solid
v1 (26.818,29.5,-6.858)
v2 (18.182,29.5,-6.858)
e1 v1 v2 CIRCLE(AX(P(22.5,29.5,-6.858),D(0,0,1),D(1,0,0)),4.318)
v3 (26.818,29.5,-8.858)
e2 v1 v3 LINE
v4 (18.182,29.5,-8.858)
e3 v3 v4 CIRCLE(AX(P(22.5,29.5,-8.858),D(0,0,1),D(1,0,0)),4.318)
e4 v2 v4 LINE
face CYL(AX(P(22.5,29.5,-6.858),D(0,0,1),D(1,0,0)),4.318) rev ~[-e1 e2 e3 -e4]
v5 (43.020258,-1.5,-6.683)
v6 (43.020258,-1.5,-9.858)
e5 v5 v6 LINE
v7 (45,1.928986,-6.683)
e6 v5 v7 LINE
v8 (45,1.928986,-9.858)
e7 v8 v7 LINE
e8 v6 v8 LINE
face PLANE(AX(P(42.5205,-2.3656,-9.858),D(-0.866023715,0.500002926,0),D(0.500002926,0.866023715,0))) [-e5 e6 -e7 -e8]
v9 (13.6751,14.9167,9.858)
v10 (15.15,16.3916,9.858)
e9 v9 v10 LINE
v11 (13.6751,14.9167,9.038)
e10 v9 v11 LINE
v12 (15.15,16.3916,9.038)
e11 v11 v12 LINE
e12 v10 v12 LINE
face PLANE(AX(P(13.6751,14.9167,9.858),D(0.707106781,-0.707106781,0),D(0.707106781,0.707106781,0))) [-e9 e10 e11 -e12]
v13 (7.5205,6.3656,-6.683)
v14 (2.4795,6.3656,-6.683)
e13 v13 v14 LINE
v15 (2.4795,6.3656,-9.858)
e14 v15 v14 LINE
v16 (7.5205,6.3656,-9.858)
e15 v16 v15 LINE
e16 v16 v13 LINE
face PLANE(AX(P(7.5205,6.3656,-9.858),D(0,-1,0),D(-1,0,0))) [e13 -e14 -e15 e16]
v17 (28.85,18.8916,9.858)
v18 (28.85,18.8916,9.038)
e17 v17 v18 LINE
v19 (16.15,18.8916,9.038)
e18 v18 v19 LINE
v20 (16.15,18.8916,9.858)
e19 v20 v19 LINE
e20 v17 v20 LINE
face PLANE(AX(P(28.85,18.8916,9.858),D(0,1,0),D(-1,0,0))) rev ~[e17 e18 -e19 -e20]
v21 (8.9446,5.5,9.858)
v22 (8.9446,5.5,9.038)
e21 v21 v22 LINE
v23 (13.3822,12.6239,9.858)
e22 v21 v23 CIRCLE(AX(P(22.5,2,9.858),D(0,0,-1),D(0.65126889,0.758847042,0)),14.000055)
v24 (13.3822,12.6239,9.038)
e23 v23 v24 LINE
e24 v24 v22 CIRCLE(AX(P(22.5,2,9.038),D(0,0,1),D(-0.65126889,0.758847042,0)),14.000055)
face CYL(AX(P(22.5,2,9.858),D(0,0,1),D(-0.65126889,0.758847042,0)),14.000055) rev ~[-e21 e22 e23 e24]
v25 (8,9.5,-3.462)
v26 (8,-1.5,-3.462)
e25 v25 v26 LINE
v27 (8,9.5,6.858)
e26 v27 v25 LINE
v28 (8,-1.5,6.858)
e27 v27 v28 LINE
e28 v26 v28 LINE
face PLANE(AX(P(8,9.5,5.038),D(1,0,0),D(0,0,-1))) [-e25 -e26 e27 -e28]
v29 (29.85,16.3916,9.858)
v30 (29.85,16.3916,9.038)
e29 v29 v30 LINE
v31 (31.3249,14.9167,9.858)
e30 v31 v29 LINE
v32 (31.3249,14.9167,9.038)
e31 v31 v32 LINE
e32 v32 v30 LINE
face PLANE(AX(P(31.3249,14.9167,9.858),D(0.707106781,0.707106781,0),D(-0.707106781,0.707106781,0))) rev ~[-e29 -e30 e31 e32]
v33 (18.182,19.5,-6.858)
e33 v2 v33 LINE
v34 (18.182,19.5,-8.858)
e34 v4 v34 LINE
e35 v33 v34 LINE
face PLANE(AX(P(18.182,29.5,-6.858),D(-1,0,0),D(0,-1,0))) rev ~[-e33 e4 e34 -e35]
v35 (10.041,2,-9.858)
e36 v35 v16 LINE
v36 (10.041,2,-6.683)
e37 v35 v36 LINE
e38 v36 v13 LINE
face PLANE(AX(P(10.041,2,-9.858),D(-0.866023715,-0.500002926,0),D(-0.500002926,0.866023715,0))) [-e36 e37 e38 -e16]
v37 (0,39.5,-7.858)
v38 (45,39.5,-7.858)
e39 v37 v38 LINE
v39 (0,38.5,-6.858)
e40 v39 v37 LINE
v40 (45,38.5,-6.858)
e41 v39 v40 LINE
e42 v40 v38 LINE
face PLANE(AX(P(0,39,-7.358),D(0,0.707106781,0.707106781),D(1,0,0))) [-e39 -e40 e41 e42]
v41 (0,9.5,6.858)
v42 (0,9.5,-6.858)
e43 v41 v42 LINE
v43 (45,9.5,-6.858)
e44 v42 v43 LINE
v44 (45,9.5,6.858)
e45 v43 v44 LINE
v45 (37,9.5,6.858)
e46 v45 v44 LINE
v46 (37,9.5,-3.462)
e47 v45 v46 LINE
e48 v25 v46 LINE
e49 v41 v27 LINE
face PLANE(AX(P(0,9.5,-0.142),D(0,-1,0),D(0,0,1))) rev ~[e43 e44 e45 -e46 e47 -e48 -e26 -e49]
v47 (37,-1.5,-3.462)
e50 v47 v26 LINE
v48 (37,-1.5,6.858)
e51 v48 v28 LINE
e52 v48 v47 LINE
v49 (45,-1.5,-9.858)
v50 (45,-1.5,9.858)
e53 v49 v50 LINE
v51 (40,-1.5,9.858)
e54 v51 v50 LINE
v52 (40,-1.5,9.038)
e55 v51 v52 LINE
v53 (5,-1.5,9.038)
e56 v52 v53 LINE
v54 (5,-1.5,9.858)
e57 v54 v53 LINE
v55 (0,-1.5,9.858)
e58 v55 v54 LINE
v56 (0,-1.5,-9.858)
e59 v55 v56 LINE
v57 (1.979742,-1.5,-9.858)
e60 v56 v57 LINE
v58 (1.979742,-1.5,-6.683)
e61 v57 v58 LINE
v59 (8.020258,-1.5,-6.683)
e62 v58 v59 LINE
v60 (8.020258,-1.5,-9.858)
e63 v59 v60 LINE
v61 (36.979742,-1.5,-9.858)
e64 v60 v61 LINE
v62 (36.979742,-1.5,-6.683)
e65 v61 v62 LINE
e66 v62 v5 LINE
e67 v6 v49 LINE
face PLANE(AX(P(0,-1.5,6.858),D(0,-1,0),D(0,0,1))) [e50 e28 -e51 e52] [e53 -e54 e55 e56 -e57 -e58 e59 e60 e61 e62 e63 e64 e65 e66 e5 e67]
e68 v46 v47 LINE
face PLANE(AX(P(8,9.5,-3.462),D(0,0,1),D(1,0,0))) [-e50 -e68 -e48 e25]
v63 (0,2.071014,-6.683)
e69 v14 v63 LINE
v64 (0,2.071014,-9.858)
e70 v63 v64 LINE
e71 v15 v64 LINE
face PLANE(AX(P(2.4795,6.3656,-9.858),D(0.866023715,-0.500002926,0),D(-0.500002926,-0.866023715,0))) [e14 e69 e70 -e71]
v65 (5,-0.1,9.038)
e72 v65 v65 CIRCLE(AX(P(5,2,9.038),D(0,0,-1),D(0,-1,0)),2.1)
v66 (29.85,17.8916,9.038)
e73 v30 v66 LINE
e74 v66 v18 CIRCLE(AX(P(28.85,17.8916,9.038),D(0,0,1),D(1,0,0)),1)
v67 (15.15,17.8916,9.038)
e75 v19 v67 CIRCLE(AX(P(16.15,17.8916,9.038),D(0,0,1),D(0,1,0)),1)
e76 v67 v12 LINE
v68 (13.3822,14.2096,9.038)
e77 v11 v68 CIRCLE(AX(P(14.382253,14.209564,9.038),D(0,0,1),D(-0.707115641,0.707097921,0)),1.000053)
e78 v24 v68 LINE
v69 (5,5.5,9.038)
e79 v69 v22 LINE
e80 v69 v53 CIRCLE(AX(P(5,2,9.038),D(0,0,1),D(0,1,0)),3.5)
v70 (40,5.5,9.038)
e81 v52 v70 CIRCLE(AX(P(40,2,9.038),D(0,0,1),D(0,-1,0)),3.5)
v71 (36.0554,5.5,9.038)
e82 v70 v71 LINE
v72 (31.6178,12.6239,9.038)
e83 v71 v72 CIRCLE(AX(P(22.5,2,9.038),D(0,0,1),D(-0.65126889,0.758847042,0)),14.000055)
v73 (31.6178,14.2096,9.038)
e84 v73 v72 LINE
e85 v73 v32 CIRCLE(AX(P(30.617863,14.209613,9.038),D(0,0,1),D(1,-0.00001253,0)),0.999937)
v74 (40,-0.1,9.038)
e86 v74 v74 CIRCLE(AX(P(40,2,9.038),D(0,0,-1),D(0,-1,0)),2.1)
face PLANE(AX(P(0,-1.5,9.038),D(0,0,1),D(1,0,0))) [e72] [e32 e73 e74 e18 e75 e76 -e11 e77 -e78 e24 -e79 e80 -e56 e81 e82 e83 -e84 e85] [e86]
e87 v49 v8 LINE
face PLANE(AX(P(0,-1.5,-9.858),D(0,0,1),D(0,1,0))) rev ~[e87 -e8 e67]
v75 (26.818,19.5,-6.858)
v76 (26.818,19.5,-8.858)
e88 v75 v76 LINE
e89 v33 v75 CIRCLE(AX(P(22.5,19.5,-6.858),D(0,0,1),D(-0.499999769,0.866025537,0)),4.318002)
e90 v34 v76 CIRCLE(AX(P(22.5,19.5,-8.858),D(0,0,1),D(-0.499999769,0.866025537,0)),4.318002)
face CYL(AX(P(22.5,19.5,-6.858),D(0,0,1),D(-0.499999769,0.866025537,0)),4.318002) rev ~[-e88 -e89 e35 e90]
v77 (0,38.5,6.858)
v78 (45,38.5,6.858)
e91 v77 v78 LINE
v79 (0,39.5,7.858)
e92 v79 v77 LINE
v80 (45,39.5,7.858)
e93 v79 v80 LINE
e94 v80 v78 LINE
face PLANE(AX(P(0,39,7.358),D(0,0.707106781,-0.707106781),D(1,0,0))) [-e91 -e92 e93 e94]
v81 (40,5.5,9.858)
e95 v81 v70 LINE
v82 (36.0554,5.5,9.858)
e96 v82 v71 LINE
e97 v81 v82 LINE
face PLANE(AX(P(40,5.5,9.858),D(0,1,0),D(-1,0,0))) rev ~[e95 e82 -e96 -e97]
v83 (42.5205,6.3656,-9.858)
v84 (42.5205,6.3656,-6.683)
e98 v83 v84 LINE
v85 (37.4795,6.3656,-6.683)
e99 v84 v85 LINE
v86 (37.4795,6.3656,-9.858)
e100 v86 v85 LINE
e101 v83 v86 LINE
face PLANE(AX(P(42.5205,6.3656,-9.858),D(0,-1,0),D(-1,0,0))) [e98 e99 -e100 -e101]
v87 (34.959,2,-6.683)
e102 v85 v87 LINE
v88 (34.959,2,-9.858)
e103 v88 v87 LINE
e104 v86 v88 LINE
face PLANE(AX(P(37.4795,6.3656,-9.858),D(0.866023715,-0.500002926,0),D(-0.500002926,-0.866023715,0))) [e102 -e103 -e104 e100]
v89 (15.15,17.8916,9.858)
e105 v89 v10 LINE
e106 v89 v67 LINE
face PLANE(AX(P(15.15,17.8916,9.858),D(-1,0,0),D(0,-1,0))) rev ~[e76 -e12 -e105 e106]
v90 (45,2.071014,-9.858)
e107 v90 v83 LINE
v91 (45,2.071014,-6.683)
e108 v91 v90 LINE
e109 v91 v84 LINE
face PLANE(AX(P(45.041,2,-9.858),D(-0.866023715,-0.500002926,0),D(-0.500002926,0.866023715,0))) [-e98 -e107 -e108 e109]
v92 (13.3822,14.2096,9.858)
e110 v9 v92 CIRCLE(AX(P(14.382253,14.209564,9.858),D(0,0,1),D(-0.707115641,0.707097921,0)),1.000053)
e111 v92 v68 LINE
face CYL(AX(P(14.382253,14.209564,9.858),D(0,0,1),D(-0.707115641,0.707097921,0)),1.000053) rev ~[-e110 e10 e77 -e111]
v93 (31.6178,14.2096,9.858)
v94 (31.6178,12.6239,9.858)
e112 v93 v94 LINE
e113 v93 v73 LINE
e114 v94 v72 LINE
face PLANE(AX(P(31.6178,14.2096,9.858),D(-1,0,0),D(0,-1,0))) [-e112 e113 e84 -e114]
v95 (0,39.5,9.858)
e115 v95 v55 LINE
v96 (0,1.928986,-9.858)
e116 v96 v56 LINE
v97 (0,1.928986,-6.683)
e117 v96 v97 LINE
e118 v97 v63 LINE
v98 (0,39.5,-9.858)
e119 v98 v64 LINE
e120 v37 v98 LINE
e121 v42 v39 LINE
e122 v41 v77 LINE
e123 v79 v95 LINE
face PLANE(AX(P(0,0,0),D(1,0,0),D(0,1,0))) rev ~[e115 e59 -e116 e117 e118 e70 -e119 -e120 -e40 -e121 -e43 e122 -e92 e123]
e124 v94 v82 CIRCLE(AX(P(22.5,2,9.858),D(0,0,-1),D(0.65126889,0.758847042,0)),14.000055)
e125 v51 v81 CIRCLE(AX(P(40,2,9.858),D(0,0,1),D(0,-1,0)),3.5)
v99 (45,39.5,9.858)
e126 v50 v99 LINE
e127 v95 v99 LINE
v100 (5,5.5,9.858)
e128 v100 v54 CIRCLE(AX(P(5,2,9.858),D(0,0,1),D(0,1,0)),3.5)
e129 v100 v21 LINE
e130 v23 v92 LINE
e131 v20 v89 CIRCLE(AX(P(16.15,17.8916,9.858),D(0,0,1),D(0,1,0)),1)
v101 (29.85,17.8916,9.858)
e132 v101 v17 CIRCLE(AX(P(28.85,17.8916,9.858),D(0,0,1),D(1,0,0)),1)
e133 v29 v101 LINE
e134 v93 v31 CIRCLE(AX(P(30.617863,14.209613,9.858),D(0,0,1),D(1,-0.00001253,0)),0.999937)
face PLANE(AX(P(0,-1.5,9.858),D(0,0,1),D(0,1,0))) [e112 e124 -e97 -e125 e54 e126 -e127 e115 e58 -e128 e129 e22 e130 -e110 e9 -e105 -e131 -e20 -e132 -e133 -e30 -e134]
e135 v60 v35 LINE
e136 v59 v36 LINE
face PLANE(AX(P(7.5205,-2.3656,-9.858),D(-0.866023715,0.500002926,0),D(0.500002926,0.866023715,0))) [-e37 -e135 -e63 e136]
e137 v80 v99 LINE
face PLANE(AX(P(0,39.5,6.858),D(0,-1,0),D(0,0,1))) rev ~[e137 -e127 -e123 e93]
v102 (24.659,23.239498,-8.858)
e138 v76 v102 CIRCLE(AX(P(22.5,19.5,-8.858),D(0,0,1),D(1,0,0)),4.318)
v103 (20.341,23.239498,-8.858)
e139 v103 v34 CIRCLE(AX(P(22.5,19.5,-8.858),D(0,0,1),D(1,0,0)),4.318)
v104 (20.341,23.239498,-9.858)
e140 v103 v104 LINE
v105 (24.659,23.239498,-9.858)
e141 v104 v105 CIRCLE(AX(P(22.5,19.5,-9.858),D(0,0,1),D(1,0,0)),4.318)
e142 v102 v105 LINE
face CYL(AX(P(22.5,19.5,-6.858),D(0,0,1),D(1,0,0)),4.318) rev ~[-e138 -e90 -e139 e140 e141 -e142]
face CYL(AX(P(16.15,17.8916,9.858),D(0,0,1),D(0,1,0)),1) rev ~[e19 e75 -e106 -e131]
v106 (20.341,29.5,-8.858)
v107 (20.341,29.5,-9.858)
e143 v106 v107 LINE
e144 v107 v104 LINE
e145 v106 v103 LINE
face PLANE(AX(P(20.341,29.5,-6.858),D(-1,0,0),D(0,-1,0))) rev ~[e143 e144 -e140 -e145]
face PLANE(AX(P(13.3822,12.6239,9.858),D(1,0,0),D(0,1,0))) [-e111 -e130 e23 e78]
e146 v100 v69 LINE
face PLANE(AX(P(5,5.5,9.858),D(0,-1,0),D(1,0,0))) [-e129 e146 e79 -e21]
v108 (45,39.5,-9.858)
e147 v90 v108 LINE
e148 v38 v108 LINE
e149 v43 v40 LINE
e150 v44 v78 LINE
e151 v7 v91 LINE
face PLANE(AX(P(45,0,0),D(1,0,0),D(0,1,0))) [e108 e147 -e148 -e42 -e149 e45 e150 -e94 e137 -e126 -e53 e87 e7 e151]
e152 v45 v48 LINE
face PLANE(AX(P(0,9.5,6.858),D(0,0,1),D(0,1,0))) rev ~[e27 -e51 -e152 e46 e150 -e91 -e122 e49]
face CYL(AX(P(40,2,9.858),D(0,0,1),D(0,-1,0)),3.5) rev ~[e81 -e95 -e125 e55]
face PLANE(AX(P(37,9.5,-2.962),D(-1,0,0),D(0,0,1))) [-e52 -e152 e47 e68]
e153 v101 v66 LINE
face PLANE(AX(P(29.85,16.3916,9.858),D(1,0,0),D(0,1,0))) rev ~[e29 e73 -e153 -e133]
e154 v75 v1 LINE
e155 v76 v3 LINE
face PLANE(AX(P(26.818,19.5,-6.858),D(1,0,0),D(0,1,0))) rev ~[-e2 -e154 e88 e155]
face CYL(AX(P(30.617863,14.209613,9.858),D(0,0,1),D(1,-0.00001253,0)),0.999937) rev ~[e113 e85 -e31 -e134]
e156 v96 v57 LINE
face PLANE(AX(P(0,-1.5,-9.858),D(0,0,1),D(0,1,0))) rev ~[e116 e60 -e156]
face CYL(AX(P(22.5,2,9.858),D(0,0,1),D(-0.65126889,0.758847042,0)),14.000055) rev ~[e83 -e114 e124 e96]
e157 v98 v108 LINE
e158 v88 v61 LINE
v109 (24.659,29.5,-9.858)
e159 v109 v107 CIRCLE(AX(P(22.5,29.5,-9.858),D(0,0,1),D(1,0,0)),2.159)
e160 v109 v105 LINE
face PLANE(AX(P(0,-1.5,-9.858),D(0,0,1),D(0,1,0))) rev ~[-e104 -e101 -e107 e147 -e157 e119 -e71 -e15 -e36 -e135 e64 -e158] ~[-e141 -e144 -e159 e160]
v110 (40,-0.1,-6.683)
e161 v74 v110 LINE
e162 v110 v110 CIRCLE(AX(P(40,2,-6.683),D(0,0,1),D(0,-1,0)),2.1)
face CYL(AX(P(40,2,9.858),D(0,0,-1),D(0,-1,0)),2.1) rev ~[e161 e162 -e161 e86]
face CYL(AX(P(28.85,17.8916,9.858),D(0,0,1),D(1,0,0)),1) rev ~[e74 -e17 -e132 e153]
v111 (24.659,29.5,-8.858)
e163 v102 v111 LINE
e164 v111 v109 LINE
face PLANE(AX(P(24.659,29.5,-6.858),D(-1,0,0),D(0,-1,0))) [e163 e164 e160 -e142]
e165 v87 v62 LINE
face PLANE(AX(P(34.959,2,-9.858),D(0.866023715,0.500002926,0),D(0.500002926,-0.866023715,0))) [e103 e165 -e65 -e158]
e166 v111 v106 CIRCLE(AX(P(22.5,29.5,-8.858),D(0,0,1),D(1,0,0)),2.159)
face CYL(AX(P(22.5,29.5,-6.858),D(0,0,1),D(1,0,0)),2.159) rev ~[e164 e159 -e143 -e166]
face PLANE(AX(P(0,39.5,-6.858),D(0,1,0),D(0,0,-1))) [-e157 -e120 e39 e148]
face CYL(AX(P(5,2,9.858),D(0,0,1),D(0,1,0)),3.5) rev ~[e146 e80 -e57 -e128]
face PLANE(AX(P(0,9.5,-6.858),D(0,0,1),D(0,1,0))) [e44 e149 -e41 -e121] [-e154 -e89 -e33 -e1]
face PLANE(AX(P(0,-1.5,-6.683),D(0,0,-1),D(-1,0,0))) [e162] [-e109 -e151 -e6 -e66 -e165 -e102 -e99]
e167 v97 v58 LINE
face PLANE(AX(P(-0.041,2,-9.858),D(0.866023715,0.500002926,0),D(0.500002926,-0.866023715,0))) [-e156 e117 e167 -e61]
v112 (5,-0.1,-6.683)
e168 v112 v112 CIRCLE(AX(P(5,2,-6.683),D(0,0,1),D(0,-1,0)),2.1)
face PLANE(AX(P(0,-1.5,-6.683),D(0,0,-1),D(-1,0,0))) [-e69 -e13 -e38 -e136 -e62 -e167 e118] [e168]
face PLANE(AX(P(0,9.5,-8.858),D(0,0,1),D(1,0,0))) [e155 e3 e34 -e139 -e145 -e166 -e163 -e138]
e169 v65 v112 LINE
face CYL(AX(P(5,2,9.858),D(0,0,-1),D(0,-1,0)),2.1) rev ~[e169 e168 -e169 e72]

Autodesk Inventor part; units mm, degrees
ref_plane "YZ Plane" through (0, 0, 0) normal (1, 0, 0) x (0, 1, 0)
ref_plane "XZ Plane" through (0, 0, 0) normal (0, 1, 0) x (-1, 0, 0)
ref_plane "XY Plane" through (0, 0, 0) normal (0, 0, 1) x (1, 0, 0)
sketch "Sketch1" plane through (0, 0, 0) normal (1, 0, 0) x (0, 1, 0)
  line L0 (-1.5, 6.858) -> (1.5, 6.858)
  line L1 (1.5, 6.858) -> (1.5, -6.858)
  line L2 (1.5, -6.858) -> (-1.5, -6.858)
  line L3 (-1.5, -6.858) -> (-1.5, 6.858)
  line L4 (-1.5, 6.858) -> (1.5, -6.858) construction
  line L5 (1.5, 6.858) -> (-1.5, -6.858) construction
  line L6 (1.5, 6.858) -> (39.5, 6.858)
  line L7 (39.5, 6.858) -> (39.5, 9.858)
  line L8 (39.5, 9.858) -> (1.5, 9.858)
  line L9 (1.5, 9.858) -> (1.5, 6.858)
  line L10 (1.5, -6.858) -> (39.5, -6.858)
  line L11 (39.5, -6.858) -> (39.5, -9.858)
  line L12 (39.5, -9.858) -> (1.5, -9.858)
  line L13 (1.5, -9.858) -> (1.5, -6.858)
  line L14 (9.5, 6.858) -> (1.5, 6.858)
  line L15 (1.5, 6.858) -> (1.5, -0.142)
  line L16 (1.5, -0.142) -> (9.5, -0.142)
  line L17 (9.5, -0.142) -> (9.5, 6.858)
  line L18 (9.5, -6.858) -> (1.5, -6.858)
  line L19 (1.5, -6.858) -> (1.5, -0.142)
  line L20 (1.5, -0.142) -> (9.5, -0.142)
  line L21 (9.5, -0.142) -> (9.5, -6.858)
  line L22 (9.5, -0.142) -> (1.5, -0.142)
  line L23 (1.5, 6.858) -> (-1.5, 6.858)
  line L24 (-1.5, 6.858) -> (-1.5, 9.858)
  line L25 (-1.5, 9.858) -> (1.5, 9.858)
  line L26 (1.5, 9.858) -> (1.5, 6.858)
  line L27 (1.5, -6.858) -> (-1.5, -6.858)
  line L28 (-1.5, -6.858) -> (-1.5, -9.858)
  line L29 (-1.5, -9.858) -> (1.5, -9.858)
  line L30 (1.5, -9.858) -> (1.5, -6.858)
  point P0 (0, 0)
  dimension "d0" = 3
  dimension "d2" = 13.716
  dimension "d3" = 3
  dimension "d4" = 3
  dimension "d5" = 38
  dimension "d6" = 38
  dimension "d7" = 0
  dimension "d8" = 8
  dimension "d9" = 8
  dimension "d12" = 7
  dimension "d13" = 6.716
extrude "Extrusion1" add sketch "Sketch1" along normal blind 45
sketch "Sketch2" plane through (0, -1.5, 9.858) normal (0, 0, 1) x (1, 0, 0)
  line L0 (5, 7) -> (8.9446, 7) projected
  arc A0 (5, 7) -> (5, 0) centre (5, 3.5) ccw projected
  line L1 (8.9446, 0) -> (5, 0) projected
  arc A1 (13.3822, 14.1239) -> (31.6178, 14.1239) centre (22.5, 3.5) ccw projected
  line L2 (13.3822, 14.1239) -> (13.3822, 15.7096) projected
  line L3 (13.6751, 16.4167) -> (15.15, 17.8916) projected
  arc A2 (13.6751, 16.4167) -> (13.3822, 15.7096) centre (14.3822, 15.7096) ccw projected
  arc A3 (16.15, 20.3916) -> (15.15, 19.3916) centre (16.15, 19.3916) ccw projected
  line L4 (15.15, 19.3916) -> (15.15, 17.8916) projected
  line L5 (28.85, 20.3916) -> (16.15, 20.3916) projected
  arc A4 (29.85, 19.3916) -> (28.85, 20.3916) centre (28.85, 19.3916) ccw projected
  line L6 (29.85, 17.8916) -> (29.85, 19.3916) projected
  line L7 (31.3249, 16.4167) -> (29.85, 17.8916) projected
  line L8 (31.6178, 15.7096) -> (31.6178, 14.1239) projected
  arc A5 (31.6178, 15.7096) -> (31.3249, 16.4167) centre (30.6178, 15.7096) ccw projected
  line L9 (40, 7) -> (36.0554, 7) projected
  arc A6 (40, 0) -> (40, 7) centre (40, 3.5) ccw projected
  line L10 (36.0554, 0) -> (40, 0) projected
  line L11 (40, 7) -> (36.0554, 7) projected
  arc A7 (40, 0) -> (40, 7) centre (40, 3.5) ccw projected
  line L12 (36.0554, 0) -> (40, 0) projected
  line L13 (8.9446, 0) -> (5, 0) projected
  line L14 (36.0554, 0) -> (40, 0) projected
  line L15 (0, 41) -> (0, 0) projected
  line L16 (0, 0) -> (45, 0) projected
  line L17 (45, 41) -> (45, 0) projected
  line L18 (0, 41) -> (45, 41) projected
  line L19 (5, 7) -> (8.9446, 7) projected
  arc A8 (5, 7) -> (5, 0) centre (5, 3.5) ccw projected
sketch "Sketch3" plane through (0, -1.5, 9.858) normal (0, 0, 1) x (1, 0, 0)
  line L0 (0, 0) -> (45, 0) projected
  line L1 (45, 41) -> (45, 0) projected
  point P0 (0, 41)
  point P1 (0, 1.5)
  point P2 (5, 3.5)
  point P3 (40, 3.5)
  dimension "d16" = 35
  dimension "d18" = 5
  dimension "d19" = 45
  dimension "d20" = 3.5
  dimension "d21" = 3.5
hole "Hole1" at (5, 2, 9.858) at (40, 2, 9.858) direction (0, 0, -1) diameter 4.2 end through all
extrude "Extrusion2" cut sketch "Sketch2" against normal blind 0.82 contours A1 L2 A2 L3 L4 A3 L5 A4 L6 L7 A5 L8 L16 | L16 A1
sketch "Sketch4" plane through (0, -1.5, 9.858) normal (0, 0, 1) x (1, 0, 0)
  arc A0 (36.0554, 0) -> (31.6178, 14.1239) centre (22.5, 3.5) ccw projected
  line L0 (36.0554, 0) -> (45, 0) projected
  arc A1 (13.3822, 14.1239) -> (8.9446, 0) centre (22.5, 3.5) ccw projected
  circle A2 centre (5, 3.5) radius 2.1 projected
  circle A3 centre (40, 3.5) radius 2.1 projected
  arc A4 (5, 7) -> (5, 0) centre (5, 3.5) ccw projected
  line L1 (5, 7) -> (8.9446, 7) projected
  line L2 (8.9446, 0) -> (5, 0) projected
  arc A5 (13.3822, 14.1239) -> (31.6178, 14.1239) centre (22.5, 3.5) ccw projected
  arc A6 (13.3822, 14.1239) -> (31.6178, 14.1239) centre (22.5, 3.5) ccw projected
  line L3 (40, 7) -> (36.0554, 7) projected
  arc A7 (40, 0) -> (40, 7) centre (40, 3.5) ccw projected
  line L4 (36.0554, 0) -> (40, 0) projected
  point P0 (0, 1.5)
extrude "Extrusion3" cut sketch "Sketch4" against normal blind 0.82
sketch "Sketch5" plane through (0, -1.5, -9.858) normal (0, 0, -1) x (-1, 0, 0)
  circle A0 centre (-5, 3.5) radius 2.1 projected
  circle A1 centre (-40, 3.5) radius 2.1 projected
  line L0 (-34.959, 3.5) -> (-37.4795, -0.8656)
  line L1 (-37.4795, -0.8656) -> (-42.5205, -0.8656)
  line L2 (-42.5205, -0.8656) -> (-45.041, 3.5)
  line L3 (-45.041, 3.5) -> (-42.5205, 7.8656)
  line L4 (-42.5205, 7.8656) -> (-37.4795, 7.8656)
  line L5 (-37.4795, 7.8656) -> (-34.959, 3.5)
  line L6 (0.041, 3.5) -> (-2.4795, -0.8656)
  line L7 (-2.4795, -0.8656) -> (-7.5205, -0.8656)
  line L8 (-7.5205, -0.8656) -> (-10.041, 3.5)
  line L9 (-10.041, 3.5) -> (-7.5205, 7.8656)
  line L10 (-7.5205, 7.8656) -> (-2.4795, 7.8656)
  line L11 (-2.4795, 7.8656) -> (0.041, 3.5)
  point P0 (0, 1.5)
  point P1 (-40, 3.5)
  point P2 (-5, 3.5)
  dimension "d33" = 8.7312
  dimension "d34" = 8.7312
extrude "Extrusion4" cut sketch "Sketch5" against normal blind 3.175
sketch "Sketch6" plane through (0, 9.5, 6.858) normal (0, 1, 0) x (1, 0, 0)
  line L0 (7.5, 1.82) -> (37.5, 1.82) projected
  line L1 (37.5, 9.82) -> (7.5, 9.82) projected
  line L2 (7.5, 1.82) -> (7.5, 9.82)
  line L3 (37.5, 1.82) -> (37.5, 9.82)
  line L4 (7, 10.32) -> (38, 10.32)
  line L5 (38, 10.32) -> (38, 1.32)
  line L6 (38, 1.32) -> (7, 1.32)
  line L7 (7, 1.32) -> (7, 10.32)
  line L8 (8, 10.32) -> (37, 10.32)
  line L9 (37, 10.32) -> (37, 1.32)
  line L10 (37, 1.32) -> (8, 1.32)
  line L11 (8, 1.32) -> (8, 10.32)
  line L12 (0, 0) -> (45, 0) projected
  line L13 (8, 1.32) -> (37, 1.32)
  line L14 (37, 1.32) -> (37, 0)
  line L15 (37, 0) -> (8, 0)
  line L16 (8, 0) -> (8, 1.32)
  point P0 (0, 6.858)
  dimension "d37" = 0.5
  dimension "d56" = 1
  dimension "d57" = 1
chamfer "Chamfer1" distance 1 angle 45 2 edges at (22.5, 39.5, -6.858) (22.5, 39.5, 6.858)
sketch "Sketch7" plane through (0, 9.5, -6.858) normal (0, 0, 1) x (1, 0, 0)
  line L0 (0, 29) -> (0, 0) projected
  line L1 (0, 0) -> (45, 0) projected
  line L2 (45, 29) -> (45, 0) projected
  circle A0 centre (22.5, 10) radius 4.318
  line L3 (22.5, 10) -> (22.5, 20)
  circle A1 centre (22.5, 20) radius 2.159
  line L4 (20.341, 20) -> (20.341, 6.2605)
  line L5 (24.659, 20) -> (24.659, 6.2605)
  point P0 (0, -9.5)
  dimension "d43" = 8.636
  dimension "d45" = 10
  dimension "d46" = 4.318
  dimension "d47" = 22.5
  dimension "d48" = 45
  dimension "d49" = 10
extrude "Extrusion6" cut sketch "Sketch7" against normal through all
sketch "Sketch8" plane through (0, 9.5, -6.858) normal (0, 0, 1) x (1, 0, 0)
  arc A0 (20.341, 13.7395) -> (24.659, 13.7395) centre (22.5, 10) ccw projected
  line L0 (20.341, 13.7395) -> (20.341, 20) projected
  arc A1 (24.659, 20) -> (20.341, 20) centre (22.5, 20) ccw projected
  line L1 (24.659, 20) -> (24.659, 13.7395) projected
  line L2 (45, 29) -> (45, 0) projected
  circle A2 centre (22.5, 20) radius 4.318
  line L3 (18.182, 20) -> (18.182, 10)
  line L4 (26.818, 10) -> (26.818, 20)
  point P0 (0, -9.5)
  dimension "d52" = 4.318
  dimension "d53" = 8.636
extrude "Extrusion7" cut sketch "Sketch8" against normal blind 2 contours L0 A2 L1 A0 | A0 L3 A2 L0 | A2 L1 A1 L0 | A0 L1 A2 L4 picked at (24.9024, 17.6839)
extrude "Extrusion8" cut sketch "Sketch6" against normal through all contours L11 L1 L9 L0 | L0 L9 L6 L11 | L6 L14 L12 L16 | L11 L4 L9 L1
equation "\"d2\" = StretcherDepth"
equation "\"d6\" = d5"
equation "\"d9\" = d8"
equation "\"d18\" = -0.5 * d16 + 0.5 * d19"
equation "\"d47\" = 0.5 * d48"
equation "\"d53\" = 2 * d52"
equation "\"StretcherDepth\" = 13.716"
properties part number "MotorClipV2" material "ABS Plastic"
